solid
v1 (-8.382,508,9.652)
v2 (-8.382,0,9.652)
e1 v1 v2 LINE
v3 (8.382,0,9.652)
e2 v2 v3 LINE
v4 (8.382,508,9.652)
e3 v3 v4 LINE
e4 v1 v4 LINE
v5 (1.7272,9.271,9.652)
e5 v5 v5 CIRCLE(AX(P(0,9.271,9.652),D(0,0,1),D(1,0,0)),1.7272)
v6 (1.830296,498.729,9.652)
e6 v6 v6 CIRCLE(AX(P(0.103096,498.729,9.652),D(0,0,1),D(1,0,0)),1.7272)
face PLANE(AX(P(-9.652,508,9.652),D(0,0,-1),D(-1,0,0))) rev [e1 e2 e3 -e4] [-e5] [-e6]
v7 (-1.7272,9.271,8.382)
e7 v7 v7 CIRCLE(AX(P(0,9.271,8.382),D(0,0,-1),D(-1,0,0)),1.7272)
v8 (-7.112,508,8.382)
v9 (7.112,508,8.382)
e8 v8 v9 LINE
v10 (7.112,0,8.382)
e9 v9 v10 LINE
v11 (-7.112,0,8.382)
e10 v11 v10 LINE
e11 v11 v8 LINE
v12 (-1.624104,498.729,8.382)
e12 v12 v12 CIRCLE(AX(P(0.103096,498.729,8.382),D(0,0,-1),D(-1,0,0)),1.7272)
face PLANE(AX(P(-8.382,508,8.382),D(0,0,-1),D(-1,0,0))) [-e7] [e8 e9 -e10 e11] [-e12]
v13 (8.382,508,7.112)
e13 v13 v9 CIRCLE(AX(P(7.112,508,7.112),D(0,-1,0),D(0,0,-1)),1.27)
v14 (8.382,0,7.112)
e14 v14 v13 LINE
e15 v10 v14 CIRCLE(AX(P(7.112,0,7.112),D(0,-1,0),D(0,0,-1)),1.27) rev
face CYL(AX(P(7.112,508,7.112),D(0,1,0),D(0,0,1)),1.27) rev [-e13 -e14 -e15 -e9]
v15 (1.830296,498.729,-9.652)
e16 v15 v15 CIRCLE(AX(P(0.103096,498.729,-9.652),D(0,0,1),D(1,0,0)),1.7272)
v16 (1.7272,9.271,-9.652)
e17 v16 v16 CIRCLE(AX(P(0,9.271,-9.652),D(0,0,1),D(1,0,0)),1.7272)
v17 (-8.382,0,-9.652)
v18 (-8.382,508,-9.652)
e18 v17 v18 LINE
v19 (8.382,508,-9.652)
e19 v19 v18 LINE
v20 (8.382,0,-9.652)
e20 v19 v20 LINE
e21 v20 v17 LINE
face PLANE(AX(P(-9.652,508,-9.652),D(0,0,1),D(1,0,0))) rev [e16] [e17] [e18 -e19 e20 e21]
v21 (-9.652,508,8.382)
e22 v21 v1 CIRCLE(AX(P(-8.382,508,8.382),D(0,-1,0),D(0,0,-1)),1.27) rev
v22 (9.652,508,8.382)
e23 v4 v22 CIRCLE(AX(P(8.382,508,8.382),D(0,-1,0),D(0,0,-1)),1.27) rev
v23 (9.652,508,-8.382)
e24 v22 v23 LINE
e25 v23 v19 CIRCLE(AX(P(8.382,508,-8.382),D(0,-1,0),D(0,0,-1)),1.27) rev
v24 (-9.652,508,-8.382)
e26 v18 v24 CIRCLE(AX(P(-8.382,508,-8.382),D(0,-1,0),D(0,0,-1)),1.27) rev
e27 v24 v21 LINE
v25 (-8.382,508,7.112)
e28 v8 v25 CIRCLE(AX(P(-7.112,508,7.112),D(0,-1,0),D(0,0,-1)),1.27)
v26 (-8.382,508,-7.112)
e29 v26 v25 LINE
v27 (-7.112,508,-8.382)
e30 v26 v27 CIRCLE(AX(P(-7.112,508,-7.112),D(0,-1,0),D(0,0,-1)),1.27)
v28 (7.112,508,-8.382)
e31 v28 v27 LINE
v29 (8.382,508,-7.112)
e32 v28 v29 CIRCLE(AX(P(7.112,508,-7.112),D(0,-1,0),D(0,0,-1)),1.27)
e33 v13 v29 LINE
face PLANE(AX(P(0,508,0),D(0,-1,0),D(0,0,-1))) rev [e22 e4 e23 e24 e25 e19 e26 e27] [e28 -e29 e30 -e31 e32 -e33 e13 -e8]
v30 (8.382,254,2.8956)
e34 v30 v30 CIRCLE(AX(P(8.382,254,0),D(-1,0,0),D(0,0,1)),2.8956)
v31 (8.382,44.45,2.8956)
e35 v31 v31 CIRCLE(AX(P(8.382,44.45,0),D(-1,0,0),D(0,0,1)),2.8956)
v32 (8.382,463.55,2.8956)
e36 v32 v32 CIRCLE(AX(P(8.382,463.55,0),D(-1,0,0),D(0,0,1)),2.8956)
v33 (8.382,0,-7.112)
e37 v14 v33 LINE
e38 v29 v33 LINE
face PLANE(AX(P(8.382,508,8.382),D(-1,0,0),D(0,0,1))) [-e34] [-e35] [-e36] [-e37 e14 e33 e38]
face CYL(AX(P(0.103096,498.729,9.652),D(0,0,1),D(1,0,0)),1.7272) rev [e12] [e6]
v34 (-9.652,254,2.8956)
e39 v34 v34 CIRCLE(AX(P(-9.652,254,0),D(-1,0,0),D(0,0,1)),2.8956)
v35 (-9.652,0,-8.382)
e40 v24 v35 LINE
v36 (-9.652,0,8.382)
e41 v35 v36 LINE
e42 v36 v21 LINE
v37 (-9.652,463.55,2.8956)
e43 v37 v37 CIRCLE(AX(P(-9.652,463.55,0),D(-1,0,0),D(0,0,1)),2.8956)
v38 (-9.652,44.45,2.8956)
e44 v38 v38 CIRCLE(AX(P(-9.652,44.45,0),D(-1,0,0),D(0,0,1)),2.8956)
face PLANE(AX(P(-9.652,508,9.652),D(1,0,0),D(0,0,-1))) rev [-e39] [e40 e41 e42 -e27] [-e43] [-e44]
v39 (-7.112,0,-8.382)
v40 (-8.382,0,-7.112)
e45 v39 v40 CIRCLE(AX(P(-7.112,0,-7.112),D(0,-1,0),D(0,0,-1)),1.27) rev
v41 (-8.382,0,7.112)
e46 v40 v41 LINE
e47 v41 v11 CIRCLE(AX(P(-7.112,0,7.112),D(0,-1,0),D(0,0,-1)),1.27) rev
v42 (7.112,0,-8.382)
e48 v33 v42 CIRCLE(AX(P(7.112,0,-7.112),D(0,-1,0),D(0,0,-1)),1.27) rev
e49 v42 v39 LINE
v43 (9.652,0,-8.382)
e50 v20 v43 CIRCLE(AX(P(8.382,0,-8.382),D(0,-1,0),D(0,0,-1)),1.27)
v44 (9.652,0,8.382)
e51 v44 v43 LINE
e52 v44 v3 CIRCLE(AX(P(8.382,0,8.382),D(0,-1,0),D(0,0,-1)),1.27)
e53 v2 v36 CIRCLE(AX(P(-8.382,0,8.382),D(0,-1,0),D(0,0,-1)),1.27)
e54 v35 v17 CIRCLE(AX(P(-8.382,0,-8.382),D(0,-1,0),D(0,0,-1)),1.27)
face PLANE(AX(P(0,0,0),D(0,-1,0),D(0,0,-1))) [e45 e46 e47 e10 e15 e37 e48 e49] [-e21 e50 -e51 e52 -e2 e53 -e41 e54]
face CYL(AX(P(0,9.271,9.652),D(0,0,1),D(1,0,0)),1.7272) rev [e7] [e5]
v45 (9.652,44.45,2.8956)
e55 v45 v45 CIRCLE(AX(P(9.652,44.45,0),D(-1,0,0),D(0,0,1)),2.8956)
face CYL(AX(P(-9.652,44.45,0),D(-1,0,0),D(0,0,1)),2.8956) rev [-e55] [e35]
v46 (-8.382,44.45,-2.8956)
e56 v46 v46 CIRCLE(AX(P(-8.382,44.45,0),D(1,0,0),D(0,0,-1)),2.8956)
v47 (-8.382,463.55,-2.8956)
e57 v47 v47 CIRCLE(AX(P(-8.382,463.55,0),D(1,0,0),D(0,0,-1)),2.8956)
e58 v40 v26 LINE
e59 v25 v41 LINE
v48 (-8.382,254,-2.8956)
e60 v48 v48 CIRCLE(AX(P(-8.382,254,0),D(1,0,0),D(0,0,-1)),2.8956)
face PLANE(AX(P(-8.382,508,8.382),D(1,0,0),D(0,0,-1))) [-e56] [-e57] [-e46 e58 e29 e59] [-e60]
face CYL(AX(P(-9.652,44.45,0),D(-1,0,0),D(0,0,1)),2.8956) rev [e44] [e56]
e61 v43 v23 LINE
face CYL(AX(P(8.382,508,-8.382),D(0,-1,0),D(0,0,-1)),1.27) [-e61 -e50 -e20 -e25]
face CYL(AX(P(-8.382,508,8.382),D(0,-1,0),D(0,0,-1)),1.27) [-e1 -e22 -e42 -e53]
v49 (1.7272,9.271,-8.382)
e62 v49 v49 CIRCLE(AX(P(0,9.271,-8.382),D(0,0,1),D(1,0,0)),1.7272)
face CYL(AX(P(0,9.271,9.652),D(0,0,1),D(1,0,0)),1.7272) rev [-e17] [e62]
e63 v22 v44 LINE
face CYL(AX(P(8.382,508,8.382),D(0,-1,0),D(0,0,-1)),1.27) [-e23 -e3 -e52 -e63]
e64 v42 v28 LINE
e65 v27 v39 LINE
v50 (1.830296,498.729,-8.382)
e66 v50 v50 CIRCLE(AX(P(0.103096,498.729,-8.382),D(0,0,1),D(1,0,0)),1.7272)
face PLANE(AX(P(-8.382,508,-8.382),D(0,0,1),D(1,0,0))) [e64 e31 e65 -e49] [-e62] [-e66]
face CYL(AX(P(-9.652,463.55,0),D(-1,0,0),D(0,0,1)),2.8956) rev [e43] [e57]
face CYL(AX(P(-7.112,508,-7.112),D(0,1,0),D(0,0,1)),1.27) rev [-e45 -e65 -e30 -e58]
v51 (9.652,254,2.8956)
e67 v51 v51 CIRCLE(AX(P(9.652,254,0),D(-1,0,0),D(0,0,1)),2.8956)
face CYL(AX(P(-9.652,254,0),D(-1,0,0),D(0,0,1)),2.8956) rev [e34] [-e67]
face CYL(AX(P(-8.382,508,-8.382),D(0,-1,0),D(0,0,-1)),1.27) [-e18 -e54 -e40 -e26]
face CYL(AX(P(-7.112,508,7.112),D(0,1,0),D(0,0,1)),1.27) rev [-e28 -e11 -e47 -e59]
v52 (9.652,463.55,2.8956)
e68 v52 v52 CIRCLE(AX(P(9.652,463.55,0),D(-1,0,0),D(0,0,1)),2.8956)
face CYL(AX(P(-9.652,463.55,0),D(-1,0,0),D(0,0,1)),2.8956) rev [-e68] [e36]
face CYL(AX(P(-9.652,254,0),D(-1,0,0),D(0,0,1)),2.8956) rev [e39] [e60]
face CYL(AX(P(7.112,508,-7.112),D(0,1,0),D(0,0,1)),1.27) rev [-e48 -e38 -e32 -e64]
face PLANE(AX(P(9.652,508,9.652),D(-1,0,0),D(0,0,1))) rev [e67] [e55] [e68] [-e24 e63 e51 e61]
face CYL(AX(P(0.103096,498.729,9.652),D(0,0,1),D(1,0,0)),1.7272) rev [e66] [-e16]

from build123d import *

# Parameters (mm, degrees)
SKETCH1_W                  = 19.304
SKETCH1_H                  = 19.304
SKETCH1_W_2                = 16.764
SKETCH1_H_2                = 16.764
BOSS_EXTRUDE1_DEPTH        = 508
FILLET1_R                  = 1.27
F_1_0_228_DIAMETER_HOLE2_D = 5.7912
F_8_32_TAPPED_HOLE1_D      = 3.4544


with BuildPart() as part:
    # Sketch1 → Boss-Extrude1 (new body)
    with BuildSketch(Plane(origin=(0, 0, 0), x_dir=(1, 0, 0), z_dir=(0, 1, 0))):
        Rectangle(SKETCH1_W, SKETCH1_H)
        Rectangle(SKETCH1_W_2, SKETCH1_H_2, mode=Mode.SUBTRACT)
    extrude(amount=BOSS_EXTRUDE1_DEPTH)

    # Fillet1
    fillet1_edges = [part.edges().sort_by_distance(p)[0] for p in [
        (-8.382, 254, 8.382),
        (8.382, 254, 8.382),
        (8.382, 254, -8.382),
        (-8.382, 254, -8.382),
        (9.652, 254, 9.652),
        (-9.652, 254, 9.652),
        (-9.652, 254, -9.652),
        (9.652, 254, -9.652),
    ]]
    fillet(fillet1_edges, radius=FILLET1_R)

    # #1 (0.228) Diameter Hole2 (through all)
    with Locations(Plane.ZY.offset(9.652)):
        with Locations((0, 463.55), (0, 44.45), (0, 254)):
            Hole(F_1_0_228_DIAMETER_HOLE2_D / 2)

    # #8-32 Tapped Hole1 (through all)
    with Locations(Plane.XY.offset(9.652)):
        with Locations((0, 9.271), (0.103095802, 498.729)):
            Hole(F_8_32_TAPPED_HOLE1_D / 2)


solid = part.part
